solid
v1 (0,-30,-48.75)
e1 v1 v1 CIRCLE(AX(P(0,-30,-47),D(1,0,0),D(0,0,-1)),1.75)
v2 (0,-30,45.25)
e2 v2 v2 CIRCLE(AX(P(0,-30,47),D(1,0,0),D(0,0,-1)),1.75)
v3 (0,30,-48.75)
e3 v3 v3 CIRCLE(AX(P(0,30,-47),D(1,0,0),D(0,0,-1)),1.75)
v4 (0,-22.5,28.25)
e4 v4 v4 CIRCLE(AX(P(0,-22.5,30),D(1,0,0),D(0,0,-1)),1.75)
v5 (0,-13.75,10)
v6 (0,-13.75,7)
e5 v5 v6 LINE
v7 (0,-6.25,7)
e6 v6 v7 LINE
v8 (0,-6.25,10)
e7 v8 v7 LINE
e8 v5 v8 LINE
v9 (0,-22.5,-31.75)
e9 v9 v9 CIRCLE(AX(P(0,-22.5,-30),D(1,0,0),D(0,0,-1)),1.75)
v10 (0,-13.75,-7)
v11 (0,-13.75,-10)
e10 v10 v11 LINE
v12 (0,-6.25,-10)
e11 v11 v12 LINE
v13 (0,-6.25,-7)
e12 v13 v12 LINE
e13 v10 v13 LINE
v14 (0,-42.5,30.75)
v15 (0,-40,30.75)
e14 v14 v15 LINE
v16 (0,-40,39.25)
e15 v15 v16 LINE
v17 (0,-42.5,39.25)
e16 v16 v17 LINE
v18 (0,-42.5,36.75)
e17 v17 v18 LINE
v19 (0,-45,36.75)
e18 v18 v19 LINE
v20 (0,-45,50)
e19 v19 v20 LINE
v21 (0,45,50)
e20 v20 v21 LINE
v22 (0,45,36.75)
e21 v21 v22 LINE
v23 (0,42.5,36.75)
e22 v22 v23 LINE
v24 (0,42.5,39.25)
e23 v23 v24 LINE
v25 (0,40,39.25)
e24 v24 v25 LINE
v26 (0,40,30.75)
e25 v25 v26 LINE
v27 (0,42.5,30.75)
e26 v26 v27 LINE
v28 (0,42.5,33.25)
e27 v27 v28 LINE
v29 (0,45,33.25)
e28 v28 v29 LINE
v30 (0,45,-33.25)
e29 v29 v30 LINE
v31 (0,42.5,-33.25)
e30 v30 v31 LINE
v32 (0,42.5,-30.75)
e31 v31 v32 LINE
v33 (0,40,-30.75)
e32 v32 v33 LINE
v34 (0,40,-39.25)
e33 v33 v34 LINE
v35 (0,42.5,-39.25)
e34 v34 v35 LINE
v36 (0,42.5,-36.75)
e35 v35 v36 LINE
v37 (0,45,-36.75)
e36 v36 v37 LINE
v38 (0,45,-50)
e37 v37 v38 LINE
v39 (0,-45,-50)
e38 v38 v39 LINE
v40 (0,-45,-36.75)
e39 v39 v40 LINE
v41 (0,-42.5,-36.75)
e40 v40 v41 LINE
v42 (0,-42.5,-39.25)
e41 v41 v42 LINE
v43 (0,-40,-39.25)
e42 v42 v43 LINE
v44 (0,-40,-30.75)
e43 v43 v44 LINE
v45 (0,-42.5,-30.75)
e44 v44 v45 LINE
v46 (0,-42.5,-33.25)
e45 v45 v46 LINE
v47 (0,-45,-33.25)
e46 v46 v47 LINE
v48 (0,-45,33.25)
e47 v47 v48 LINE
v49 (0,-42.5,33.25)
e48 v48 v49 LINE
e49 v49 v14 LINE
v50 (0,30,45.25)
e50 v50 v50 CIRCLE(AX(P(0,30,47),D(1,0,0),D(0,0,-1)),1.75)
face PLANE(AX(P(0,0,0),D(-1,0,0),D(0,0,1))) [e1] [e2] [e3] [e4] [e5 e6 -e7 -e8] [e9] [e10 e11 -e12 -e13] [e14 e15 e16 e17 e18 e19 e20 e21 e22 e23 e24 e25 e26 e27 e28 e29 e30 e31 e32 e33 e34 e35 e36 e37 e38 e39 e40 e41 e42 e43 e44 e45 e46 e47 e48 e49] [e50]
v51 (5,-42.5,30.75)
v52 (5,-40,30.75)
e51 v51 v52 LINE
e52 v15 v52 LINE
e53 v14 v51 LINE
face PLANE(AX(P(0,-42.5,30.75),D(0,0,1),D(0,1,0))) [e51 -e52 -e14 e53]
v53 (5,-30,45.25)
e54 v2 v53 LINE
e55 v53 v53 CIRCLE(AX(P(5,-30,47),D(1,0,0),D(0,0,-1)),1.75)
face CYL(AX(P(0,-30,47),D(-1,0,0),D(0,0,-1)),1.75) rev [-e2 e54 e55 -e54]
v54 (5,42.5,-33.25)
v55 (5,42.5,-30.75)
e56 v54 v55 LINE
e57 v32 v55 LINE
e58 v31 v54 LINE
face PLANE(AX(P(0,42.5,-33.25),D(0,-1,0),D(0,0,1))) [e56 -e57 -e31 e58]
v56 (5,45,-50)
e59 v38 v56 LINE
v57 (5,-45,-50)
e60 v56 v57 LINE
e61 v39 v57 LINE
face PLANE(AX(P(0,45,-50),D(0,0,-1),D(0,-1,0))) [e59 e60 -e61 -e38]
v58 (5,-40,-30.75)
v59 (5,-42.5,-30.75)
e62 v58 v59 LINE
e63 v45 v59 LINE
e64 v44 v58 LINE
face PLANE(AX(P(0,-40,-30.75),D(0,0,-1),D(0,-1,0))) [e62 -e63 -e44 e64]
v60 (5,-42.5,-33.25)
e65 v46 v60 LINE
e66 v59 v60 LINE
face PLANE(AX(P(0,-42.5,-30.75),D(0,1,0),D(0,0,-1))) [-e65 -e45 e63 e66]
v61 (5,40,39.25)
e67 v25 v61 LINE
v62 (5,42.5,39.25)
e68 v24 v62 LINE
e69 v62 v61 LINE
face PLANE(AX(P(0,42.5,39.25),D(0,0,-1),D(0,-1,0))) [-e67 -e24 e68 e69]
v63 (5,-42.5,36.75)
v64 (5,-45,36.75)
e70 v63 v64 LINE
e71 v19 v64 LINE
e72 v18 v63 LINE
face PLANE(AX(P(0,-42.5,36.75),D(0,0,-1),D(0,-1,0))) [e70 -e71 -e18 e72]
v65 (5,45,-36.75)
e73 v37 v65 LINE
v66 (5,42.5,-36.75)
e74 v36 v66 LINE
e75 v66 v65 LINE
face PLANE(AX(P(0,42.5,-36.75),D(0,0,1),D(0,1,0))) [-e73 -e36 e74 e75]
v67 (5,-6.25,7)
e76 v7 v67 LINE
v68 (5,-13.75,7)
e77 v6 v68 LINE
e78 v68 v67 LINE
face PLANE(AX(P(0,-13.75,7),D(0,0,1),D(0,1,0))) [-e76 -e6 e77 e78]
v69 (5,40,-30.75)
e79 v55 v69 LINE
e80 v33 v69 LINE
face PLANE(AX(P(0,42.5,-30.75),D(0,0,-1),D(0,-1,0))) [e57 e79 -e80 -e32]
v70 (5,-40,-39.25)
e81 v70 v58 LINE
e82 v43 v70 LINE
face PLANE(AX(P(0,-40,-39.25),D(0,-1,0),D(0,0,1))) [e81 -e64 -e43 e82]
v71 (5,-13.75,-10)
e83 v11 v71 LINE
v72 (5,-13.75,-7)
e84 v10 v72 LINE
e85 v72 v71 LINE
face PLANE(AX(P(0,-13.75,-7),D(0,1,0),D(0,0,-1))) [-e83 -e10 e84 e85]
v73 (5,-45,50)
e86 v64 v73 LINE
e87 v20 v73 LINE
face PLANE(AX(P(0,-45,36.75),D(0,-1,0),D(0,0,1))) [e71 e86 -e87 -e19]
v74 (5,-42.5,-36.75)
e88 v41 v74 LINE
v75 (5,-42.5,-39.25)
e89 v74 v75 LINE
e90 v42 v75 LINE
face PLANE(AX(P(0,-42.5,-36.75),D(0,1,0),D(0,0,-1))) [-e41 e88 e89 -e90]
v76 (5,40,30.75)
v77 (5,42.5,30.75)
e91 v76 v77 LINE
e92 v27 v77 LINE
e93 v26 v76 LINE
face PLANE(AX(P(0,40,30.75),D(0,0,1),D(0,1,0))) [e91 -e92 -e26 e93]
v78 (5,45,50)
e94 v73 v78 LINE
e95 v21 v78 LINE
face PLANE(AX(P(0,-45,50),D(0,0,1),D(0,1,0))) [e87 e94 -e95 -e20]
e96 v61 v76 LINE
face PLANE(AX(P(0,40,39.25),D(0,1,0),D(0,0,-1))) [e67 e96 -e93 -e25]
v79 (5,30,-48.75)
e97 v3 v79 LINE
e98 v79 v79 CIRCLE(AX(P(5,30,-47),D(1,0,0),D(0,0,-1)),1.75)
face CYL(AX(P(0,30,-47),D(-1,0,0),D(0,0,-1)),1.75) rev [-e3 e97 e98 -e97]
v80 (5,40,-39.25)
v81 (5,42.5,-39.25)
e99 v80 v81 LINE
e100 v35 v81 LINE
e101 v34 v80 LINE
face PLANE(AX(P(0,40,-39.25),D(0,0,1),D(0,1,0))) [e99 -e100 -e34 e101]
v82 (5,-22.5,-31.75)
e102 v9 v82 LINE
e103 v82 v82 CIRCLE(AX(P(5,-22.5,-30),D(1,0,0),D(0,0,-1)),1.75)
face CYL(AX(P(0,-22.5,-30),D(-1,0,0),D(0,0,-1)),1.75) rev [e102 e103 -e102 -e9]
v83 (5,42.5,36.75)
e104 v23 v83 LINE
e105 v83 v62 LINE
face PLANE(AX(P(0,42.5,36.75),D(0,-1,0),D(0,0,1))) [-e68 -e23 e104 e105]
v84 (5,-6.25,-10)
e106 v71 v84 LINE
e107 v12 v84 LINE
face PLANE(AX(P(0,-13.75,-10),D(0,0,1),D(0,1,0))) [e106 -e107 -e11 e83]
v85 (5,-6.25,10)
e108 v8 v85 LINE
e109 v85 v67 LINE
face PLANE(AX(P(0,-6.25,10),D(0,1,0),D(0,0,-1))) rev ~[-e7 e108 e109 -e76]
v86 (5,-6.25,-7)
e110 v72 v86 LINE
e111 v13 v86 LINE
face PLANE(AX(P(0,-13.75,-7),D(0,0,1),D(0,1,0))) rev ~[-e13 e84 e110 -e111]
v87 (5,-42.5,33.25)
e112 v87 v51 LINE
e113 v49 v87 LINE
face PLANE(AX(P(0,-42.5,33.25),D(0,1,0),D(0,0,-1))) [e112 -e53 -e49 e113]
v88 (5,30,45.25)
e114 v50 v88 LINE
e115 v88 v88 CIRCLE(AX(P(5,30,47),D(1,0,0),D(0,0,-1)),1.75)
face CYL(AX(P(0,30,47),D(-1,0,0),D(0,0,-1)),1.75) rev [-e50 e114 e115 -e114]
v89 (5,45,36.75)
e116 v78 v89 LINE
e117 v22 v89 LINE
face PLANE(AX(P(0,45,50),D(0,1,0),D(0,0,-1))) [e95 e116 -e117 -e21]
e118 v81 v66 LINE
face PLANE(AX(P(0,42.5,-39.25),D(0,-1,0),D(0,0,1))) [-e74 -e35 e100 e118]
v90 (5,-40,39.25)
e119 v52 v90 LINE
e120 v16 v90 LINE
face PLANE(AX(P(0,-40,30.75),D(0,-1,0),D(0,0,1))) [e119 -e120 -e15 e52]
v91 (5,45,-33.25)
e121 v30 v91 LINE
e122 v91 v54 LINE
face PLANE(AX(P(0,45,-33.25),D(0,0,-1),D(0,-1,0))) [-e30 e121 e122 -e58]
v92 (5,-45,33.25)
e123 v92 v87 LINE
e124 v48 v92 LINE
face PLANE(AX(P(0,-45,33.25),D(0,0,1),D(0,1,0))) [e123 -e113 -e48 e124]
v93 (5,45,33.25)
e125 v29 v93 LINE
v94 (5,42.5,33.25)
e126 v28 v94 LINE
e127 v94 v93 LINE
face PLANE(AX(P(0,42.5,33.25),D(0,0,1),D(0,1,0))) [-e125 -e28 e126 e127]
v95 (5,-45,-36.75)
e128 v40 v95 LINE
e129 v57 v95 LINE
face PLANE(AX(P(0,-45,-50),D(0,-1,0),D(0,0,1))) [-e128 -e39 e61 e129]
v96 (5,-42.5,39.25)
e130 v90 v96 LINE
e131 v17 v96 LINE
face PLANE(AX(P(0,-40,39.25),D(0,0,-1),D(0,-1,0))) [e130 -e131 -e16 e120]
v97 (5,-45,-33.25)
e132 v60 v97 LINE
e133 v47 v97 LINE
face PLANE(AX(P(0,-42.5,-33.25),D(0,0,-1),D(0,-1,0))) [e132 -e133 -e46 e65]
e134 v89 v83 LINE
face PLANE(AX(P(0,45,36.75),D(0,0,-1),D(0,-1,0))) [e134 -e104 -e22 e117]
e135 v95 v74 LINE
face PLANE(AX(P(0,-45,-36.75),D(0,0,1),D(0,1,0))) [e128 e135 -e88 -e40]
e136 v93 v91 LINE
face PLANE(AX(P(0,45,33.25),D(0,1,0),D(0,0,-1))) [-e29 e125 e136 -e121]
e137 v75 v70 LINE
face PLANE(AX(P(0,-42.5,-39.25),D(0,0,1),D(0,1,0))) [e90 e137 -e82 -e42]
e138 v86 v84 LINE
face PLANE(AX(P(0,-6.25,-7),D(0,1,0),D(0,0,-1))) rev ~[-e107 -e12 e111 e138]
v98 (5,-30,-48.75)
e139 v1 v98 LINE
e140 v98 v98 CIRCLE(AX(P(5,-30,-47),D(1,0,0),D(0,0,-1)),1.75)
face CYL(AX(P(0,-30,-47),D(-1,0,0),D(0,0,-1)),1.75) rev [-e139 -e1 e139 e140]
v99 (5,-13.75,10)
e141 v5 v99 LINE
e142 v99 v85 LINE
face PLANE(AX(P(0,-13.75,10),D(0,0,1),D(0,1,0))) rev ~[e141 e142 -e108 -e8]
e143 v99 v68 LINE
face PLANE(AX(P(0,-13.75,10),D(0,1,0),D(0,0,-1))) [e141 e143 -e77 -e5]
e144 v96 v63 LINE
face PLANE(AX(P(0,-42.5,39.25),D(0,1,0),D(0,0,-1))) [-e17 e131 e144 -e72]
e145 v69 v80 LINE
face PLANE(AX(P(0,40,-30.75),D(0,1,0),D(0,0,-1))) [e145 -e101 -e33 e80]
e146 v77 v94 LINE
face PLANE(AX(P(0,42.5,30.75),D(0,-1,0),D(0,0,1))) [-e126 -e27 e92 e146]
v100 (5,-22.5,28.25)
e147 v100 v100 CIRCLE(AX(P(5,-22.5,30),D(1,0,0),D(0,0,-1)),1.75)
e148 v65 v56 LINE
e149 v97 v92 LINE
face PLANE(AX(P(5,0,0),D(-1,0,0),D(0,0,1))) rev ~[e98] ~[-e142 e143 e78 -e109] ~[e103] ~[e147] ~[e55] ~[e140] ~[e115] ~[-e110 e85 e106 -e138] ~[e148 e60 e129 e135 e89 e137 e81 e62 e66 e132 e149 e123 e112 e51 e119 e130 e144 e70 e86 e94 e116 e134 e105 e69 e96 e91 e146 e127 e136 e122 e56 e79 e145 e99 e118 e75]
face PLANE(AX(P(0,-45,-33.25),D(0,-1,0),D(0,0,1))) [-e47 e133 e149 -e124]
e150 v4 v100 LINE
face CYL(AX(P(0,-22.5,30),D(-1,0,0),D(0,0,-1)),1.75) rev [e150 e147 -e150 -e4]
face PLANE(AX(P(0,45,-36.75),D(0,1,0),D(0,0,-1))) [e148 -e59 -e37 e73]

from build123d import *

# Parameters (mm, degrees)
SKETCH_1_R      = 1.75
SKETCH_1_W      = 3
SKETCH_1_H      = 7.5
EXTRUDE_1_DEPTH = 5


with BuildPart() as part:
    # Эскиз1 → Бобышка-Вытянуть1 (new body)
    with BuildSketch(Plane(origin=(0, 0, 0), x_dir=(0, 0, -1), z_dir=(1, 0, 0))):
        Polygon((-36.75, 45), (-36.75, 42.5), (-39.25, 42.5), (-39.25, 40), (-30.75, 40), (-30.75, 42.5), (-33.25, 42.5), (-33.25, 45), (33.25, 45), (33.25, 42.5), (30.75, 42.5), (30.75, 40), (39.25, 40), (39.25, 42.5), (36.75, 42.5), (36.75, 45), (50, 45), (50, -45), (36.75, -45), (36.75, -42.5), (39.25, -42.5), (39.25, -40), (30.75, -40), (30.75, -42.5), (33.25, -42.5), (33.25, -45), (-33.25, -45), (-33.25, -42.5), (-30.75, -42.5), (-30.75, -40), (-39.25, -40), (-39.25, -42.5), (-36.75, -42.5), (-36.75, -45), (-50, -45), (-50, 45), align=None)
        with Locations((-47, 30)):
            Circle(SKETCH_1_R, mode=Mode.SUBTRACT)
        with Locations((47, 30)):
            Circle(SKETCH_1_R, mode=Mode.SUBTRACT)
        with Locations((47, -30)):
            Circle(SKETCH_1_R, mode=Mode.SUBTRACT)
        with Locations((-47, -30)):
            Circle(SKETCH_1_R, mode=Mode.SUBTRACT)
        with Locations((-30, -22.5)):
            Circle(SKETCH_1_R, mode=Mode.SUBTRACT)
        with Locations((30, -22.5)):
            Circle(SKETCH_1_R, mode=Mode.SUBTRACT)
        with Locations((8.5, -10)):
            Rectangle(SKETCH_1_W, SKETCH_1_H, mode=Mode.SUBTRACT)
        with Locations((-8.5, -10)):
            Rectangle(SKETCH_1_W, SKETCH_1_H, mode=Mode.SUBTRACT)
    extrude(amount=EXTRUDE_1_DEPTH)


solid = part.part
